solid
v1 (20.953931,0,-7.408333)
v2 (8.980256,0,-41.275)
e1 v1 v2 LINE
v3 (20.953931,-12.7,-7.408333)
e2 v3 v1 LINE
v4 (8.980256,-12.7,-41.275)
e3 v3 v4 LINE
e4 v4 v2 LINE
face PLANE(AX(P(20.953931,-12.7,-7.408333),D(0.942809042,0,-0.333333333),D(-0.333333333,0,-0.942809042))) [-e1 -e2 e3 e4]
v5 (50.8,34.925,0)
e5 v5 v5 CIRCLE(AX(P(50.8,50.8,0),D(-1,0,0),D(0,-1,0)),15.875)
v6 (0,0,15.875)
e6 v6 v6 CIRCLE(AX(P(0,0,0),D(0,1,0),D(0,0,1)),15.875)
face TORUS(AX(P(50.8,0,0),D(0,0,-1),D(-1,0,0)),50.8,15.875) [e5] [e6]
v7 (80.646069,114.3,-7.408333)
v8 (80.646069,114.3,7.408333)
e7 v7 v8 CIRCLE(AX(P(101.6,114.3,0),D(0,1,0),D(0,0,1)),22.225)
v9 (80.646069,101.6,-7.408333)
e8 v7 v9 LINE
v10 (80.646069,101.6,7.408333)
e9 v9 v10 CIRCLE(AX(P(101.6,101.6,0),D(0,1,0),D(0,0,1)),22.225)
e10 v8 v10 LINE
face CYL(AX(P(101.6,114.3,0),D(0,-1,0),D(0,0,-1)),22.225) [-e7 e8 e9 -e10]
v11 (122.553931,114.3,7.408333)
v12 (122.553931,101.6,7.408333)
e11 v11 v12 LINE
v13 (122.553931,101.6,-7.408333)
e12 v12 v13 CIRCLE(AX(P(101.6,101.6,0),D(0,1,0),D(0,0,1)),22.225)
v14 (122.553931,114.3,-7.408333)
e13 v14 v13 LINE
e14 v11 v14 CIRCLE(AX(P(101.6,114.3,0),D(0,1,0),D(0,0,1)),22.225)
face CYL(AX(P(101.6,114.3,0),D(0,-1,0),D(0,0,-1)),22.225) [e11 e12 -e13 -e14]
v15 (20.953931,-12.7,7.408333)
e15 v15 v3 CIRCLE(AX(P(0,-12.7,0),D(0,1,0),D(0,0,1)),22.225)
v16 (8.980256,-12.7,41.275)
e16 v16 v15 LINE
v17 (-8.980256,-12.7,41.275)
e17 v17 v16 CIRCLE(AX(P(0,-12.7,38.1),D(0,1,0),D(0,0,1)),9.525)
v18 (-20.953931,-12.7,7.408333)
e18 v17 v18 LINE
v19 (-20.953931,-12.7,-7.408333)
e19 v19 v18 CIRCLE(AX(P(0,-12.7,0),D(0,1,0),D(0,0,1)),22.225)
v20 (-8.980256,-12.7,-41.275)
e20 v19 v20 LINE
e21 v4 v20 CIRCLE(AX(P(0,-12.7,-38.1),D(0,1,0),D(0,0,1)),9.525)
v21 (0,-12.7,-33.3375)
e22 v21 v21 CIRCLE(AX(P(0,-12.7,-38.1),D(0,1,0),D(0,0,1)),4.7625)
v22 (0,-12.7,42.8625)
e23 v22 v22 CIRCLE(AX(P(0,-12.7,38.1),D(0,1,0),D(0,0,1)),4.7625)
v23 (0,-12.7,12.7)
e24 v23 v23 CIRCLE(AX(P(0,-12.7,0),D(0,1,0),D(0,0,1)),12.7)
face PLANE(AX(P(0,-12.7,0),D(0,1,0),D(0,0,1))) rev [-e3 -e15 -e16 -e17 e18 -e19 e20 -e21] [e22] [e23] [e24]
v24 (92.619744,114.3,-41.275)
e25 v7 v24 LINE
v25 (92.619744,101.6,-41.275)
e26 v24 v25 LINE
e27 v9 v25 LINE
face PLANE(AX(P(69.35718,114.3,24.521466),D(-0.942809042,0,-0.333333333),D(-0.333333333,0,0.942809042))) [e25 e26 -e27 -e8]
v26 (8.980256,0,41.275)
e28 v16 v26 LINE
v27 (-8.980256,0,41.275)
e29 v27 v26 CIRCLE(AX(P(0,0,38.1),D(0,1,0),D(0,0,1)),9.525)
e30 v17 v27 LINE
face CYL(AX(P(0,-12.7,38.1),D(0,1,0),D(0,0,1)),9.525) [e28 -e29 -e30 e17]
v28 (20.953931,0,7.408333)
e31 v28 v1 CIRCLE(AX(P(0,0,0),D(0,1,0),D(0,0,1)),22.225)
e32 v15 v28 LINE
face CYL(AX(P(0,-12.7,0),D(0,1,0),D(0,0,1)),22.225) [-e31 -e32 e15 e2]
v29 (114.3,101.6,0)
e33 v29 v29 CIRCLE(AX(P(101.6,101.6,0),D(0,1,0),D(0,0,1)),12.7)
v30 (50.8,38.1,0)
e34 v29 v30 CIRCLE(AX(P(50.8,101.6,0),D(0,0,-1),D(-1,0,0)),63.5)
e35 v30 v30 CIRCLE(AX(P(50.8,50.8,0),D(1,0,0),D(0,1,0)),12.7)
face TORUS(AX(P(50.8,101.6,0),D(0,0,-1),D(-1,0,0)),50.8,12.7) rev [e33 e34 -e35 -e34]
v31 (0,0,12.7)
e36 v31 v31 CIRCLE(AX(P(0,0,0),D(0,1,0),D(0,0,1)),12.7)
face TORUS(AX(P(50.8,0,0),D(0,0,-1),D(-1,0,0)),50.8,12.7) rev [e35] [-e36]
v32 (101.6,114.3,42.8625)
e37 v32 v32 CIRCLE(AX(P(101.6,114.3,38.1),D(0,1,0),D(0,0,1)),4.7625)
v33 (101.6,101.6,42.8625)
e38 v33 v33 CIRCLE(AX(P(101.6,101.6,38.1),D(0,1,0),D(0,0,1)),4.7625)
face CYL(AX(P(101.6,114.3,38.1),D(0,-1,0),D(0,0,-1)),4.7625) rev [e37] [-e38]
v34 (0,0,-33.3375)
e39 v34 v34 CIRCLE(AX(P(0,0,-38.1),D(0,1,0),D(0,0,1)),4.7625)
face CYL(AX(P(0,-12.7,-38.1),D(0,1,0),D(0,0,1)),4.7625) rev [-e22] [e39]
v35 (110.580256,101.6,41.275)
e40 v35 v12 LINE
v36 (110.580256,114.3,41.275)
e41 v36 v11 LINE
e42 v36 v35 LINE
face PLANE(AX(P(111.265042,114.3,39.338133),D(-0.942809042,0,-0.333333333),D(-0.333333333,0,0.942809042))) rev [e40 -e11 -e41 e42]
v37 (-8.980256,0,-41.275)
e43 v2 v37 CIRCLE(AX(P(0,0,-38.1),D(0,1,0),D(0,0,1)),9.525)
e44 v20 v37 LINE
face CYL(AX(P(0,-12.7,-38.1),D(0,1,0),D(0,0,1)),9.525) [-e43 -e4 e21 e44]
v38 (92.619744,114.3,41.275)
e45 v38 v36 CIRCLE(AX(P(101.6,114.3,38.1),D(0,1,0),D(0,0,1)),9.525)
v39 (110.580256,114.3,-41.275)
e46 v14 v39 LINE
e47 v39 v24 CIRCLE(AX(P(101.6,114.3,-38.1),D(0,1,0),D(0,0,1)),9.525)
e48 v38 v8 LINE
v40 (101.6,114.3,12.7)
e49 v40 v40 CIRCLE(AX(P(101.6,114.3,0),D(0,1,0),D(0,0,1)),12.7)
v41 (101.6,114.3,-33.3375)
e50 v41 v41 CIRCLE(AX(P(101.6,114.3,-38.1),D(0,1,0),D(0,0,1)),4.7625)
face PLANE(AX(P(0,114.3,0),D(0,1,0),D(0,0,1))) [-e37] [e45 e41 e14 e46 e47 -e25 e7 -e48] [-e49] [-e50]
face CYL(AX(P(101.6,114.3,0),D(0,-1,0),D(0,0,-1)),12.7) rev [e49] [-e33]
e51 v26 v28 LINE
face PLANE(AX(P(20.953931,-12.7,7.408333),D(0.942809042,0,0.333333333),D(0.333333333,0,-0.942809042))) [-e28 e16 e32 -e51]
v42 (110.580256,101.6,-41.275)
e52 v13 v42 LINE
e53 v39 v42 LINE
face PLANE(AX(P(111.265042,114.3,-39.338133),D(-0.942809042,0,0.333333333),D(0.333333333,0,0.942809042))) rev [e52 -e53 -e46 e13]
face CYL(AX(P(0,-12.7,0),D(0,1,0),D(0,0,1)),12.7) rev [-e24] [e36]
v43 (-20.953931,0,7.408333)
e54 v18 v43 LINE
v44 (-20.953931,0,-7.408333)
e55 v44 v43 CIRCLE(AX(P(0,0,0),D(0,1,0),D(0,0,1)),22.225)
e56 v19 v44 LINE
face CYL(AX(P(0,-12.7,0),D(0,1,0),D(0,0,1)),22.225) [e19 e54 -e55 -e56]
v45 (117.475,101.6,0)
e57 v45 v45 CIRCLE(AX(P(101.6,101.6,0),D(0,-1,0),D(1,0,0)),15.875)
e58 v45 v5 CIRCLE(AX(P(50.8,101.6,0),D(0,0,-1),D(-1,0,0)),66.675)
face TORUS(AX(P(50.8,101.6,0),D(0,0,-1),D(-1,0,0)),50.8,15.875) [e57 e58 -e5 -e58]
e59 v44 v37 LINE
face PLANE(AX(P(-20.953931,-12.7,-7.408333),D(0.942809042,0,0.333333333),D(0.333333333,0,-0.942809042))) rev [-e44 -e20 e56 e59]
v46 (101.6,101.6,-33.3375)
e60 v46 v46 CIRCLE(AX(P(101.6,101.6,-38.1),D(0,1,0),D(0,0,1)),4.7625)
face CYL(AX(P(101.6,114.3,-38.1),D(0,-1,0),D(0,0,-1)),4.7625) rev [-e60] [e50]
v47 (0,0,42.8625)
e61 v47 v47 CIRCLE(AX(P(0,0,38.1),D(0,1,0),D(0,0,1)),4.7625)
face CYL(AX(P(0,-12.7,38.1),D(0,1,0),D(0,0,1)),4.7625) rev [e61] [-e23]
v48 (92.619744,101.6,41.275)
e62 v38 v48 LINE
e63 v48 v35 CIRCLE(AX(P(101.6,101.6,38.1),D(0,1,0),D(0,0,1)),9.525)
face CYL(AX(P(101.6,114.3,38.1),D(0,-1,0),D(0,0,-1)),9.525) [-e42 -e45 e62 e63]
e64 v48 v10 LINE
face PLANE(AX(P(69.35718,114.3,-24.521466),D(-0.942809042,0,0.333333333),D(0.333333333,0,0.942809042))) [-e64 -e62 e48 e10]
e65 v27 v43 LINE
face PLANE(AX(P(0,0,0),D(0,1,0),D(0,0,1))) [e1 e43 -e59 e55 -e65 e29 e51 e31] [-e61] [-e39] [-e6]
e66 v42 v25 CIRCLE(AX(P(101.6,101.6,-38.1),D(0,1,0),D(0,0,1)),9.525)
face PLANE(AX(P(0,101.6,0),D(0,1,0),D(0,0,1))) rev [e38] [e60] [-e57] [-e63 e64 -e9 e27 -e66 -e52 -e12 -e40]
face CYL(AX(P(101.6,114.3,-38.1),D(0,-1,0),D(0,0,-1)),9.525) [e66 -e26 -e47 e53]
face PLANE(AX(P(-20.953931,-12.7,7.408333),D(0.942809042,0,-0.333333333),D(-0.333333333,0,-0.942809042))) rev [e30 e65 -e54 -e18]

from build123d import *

# Parameters (mm, degrees)
SKETCH1_R               = 4.7625
SKETCH1_R_2             = 12.7
BOSS_EXTRUDE1_DEPTH     = 12.7
SKETCH2_R               = 4.7625
SKETCH2_R_2             = 12.7
BOSS_EXTRUDE2_DEPTH     = 12.7
SWEEP_THIN1_PROFILE_R   = 15.875
SWEEP_THIN1_PROFILE_R_2 = 12.7
SWEEP_THIN2_PROFILE_R   = 15.875
SWEEP_THIN2_PROFILE_R_2 = 12.7


with BuildPart() as part:
    # Sketch1 → Boss-Extrude1 (new body)
    with BuildSketch(Plane(origin=(0, 0, 0), x_dir=(1, 0, 0), z_dir=(0, 1, 0))):
        with BuildLine():
            ThreePointArc((-8.980256121, -41.275), (0, -47.625), (8.980256121, -41.275))
            Line((8.980256121, -41.275), (20.953930949, -7.408333333))
            ThreePointArc((20.953930949, -7.408333333), (22.225, 0), (20.953930949, 7.408333333))
            Line((20.953930949, 7.408333333), (8.980256121, 41.275))
            ThreePointArc((8.980256121, 41.275), (0, 47.625), (-8.980256121, 41.275))
            Line((-8.980256121, 41.275), (-20.953930949, 7.408333333))
            ThreePointArc((-20.953930949, 7.408333333), (-22.225, 0), (-20.953930949, -7.408333333))
            Line((-20.953930949, -7.408333333), (-8.980256121, -41.275))
        make_face()
        with Locations((0, -38.1)):
            Circle(SKETCH1_R, mode=Mode.SUBTRACT)
        with Locations((0, 38.1)):
            Circle(SKETCH1_R, mode=Mode.SUBTRACT)
        Circle(SKETCH1_R_2, mode=Mode.SUBTRACT)
    extrude(amount=-BOSS_EXTRUDE1_DEPTH)

    # Sweep-Thin1: sweep along a path in Sketch3
    with BuildLine(Plane.XY) as sweep_thin1_path:
        ThreePointArc((0, 0), (14.878975516, 35.921024484), (50.8, 50.8))
    # Sweep-Thin1 profile (on start of the path) → Sweep-Thin1 (sweep)
    with BuildSketch(Plane(origin=(0, 0, 0), x_dir=(1, 0, 0), z_dir=(0, 1, 0))):
        Circle(SWEEP_THIN1_PROFILE_R)
        Circle(SWEEP_THIN1_PROFILE_R_2, mode=Mode.SUBTRACT)
    sweep(path=sweep_thin1_path.line)



with BuildPart() as body_2:
    # Sketch2 → Boss-Extrude2 (new body)
    with BuildSketch(Plane(origin=(0, 101.6, 0), x_dir=(1, 0, 0), z_dir=(0, 1, 0))):
        with BuildLine():
            ThreePointArc((92.619743879, -41.275), (101.6, -47.625), (110.580256121, -41.275))
            Line((110.580256121, -41.275), (122.553930949, -7.408333333))
            ThreePointArc((122.553930949, -7.408333333), (123.825, 0), (122.553930949, 7.408333333))
            Line((122.553930949, 7.408333333), (110.580256121, 41.275))
            ThreePointArc((110.580256121, 41.275), (101.6, 47.625), (92.619743879, 41.275))
            Line((92.619743879, 41.275), (80.646069051, 7.408333333))
            ThreePointArc((80.646069051, 7.408333333), (79.375, 0), (80.646069051, -7.408333333))
            Line((80.646069051, -7.408333333), (92.619743879, -41.275))
        make_face()
        with Locations((101.6, -38.1)):
            Circle(SKETCH2_R, mode=Mode.SUBTRACT)
        with Locations((101.6, 38.1)):
            Circle(SKETCH2_R, mode=Mode.SUBTRACT)
        with Locations((101.6, 0)):
            Circle(SKETCH2_R_2, mode=Mode.SUBTRACT)
    extrude(amount=BOSS_EXTRUDE2_DEPTH)


with BuildPart() as part_1:
    add(part.part)

    add(body_2.part)  # Sweep-Thin2 merges body 2
    # Sweep-Thin2: sweep along a path in Sketch25
    with BuildLine(Plane.XY) as sweep_thin2_path:
        ThreePointArc((101.6, 101.6), (86.721024484, 65.678975516), (50.8, 50.8))
    # Sweep-Thin2 profile (on start of the path) → Sweep-Thin2 (sweep)
    with BuildSketch(Plane(origin=(101.6, 101.6, 0), x_dir=(-1, 0, 0), z_dir=(0, -1, 0))):
        Circle(SWEEP_THIN2_PROFILE_R)
        Circle(SWEEP_THIN2_PROFILE_R_2, mode=Mode.SUBTRACT)
    sweep(path=sweep_thin2_path.line)


solid = part_1.part
